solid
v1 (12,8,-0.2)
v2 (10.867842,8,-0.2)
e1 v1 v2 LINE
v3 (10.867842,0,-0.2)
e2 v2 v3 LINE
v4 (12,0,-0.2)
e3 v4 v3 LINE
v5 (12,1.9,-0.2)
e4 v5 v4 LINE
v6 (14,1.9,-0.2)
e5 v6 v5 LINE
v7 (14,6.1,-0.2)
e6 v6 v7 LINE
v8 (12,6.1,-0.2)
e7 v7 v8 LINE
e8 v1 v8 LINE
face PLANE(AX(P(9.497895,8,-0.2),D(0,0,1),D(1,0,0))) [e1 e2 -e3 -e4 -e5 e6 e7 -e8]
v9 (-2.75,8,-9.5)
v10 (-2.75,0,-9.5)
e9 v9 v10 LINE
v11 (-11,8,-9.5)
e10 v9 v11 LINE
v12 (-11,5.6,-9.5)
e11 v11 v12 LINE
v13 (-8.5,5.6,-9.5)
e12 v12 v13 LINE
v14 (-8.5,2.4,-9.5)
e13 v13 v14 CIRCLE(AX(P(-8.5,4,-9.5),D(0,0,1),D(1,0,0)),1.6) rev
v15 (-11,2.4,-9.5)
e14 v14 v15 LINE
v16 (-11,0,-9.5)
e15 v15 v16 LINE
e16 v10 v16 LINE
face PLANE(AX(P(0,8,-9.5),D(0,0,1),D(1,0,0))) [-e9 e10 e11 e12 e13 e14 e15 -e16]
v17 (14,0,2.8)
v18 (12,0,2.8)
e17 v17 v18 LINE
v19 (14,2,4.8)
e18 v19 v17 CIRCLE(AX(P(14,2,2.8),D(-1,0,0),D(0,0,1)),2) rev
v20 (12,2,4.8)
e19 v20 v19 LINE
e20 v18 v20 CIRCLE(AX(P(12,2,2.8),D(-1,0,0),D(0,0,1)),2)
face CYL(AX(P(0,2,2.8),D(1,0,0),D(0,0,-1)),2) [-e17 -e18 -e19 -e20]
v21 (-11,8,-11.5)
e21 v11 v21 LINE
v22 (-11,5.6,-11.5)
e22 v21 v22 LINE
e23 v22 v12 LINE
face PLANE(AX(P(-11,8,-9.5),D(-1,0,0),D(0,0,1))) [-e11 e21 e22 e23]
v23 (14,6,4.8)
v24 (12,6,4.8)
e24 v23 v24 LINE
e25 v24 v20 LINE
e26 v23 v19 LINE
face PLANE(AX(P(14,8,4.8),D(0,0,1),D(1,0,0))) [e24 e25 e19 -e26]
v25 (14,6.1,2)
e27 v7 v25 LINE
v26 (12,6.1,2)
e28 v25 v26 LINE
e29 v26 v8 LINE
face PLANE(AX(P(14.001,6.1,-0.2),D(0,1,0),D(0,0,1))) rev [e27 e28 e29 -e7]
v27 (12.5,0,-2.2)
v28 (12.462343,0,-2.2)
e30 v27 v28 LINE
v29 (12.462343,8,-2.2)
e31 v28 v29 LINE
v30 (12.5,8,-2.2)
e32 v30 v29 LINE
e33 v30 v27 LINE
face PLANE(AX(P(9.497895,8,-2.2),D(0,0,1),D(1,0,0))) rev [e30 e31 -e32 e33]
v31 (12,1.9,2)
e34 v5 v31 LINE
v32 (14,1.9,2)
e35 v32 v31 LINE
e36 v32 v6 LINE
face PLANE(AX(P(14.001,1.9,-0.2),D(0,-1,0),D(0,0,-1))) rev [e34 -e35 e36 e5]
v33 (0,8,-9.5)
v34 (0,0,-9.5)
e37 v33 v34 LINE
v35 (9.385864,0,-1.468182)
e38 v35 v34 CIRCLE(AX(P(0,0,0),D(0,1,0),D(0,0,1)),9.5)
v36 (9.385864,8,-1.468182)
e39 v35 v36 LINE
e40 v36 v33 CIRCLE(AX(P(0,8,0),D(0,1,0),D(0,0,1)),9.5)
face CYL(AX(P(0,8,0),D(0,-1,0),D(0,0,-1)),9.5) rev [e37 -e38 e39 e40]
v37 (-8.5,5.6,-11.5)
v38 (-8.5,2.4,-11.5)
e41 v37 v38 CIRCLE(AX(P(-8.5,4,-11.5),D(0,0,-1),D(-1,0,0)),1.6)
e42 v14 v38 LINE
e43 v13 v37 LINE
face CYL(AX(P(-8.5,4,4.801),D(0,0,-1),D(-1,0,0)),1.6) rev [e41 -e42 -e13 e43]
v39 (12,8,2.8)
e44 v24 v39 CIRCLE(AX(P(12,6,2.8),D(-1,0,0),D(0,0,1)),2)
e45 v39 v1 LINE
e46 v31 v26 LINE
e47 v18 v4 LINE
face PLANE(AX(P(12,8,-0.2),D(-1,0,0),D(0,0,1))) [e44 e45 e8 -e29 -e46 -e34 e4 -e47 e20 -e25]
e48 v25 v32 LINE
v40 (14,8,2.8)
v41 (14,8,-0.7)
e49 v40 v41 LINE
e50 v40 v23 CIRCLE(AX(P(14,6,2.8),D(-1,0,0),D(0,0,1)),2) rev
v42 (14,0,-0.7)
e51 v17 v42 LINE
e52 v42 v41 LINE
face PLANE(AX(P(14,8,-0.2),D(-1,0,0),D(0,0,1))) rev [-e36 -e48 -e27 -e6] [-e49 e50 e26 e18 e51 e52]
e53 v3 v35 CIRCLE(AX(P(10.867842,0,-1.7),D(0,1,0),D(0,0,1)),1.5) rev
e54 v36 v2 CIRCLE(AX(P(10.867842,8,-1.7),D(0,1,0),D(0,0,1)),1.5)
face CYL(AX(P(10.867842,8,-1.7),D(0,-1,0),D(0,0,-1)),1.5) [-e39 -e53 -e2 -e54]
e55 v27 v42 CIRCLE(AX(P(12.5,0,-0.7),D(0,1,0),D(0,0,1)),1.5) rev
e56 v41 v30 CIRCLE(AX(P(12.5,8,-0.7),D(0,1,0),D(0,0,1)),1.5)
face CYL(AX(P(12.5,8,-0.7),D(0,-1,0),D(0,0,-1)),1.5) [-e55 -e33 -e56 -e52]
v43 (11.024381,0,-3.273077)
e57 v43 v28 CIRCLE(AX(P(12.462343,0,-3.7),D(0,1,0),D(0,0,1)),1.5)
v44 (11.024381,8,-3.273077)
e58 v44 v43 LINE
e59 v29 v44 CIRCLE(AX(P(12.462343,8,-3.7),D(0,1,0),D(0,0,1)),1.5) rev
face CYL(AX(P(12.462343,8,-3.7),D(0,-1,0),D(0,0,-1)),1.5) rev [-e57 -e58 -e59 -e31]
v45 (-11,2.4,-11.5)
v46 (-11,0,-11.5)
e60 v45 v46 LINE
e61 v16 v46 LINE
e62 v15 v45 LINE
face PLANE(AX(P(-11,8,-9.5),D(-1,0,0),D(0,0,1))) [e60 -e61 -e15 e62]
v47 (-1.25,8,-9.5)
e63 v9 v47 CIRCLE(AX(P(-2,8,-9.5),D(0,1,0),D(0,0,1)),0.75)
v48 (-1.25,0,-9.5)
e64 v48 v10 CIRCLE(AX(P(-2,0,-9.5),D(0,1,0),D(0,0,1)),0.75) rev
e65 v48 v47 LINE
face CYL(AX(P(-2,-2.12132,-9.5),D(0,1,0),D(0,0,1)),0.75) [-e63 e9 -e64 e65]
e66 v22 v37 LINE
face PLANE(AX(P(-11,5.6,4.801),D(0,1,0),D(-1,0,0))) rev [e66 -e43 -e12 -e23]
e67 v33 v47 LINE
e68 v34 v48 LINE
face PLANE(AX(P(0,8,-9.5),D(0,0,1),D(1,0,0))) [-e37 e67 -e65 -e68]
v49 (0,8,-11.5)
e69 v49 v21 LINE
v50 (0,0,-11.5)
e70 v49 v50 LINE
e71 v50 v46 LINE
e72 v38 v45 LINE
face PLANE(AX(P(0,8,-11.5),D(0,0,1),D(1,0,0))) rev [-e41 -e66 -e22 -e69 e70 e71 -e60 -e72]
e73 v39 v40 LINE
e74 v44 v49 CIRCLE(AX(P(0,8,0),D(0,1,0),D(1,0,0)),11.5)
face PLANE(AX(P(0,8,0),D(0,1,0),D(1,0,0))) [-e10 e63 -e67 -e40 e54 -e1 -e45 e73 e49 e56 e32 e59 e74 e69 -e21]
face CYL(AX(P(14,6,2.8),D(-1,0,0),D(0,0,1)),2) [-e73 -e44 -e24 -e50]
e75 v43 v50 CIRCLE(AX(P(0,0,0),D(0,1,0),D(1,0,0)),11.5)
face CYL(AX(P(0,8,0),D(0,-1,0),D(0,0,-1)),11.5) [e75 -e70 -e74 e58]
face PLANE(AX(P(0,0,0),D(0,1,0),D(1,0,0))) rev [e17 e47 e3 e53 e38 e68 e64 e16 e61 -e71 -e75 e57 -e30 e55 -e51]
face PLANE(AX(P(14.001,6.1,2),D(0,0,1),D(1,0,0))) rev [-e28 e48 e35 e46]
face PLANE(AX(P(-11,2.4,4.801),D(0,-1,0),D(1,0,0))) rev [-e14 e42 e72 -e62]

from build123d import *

# Parameters (mm, degrees)
EXTRUDE_1_DEPTH     = 8
CUT_EXTRUDE_1_REACH = 28.93
SKETCH_3_W          = 2.2
SKETCH_3_H          = 4.2
CUT_EXTRUDE_2_REACH = 24.928
FILLET_1_R          = 1.5
FILLET_2_R          = 2
SKETCH_5_R          = 0.75
EXTRUDE_1_2_DEPTH   = 8


with BuildPart() as part:
    # 草图1 → Extrude 1 (new body)
    with BuildSketch(Plane(origin=(0, 0, 0), x_dir=(1, 0, 0), z_dir=(0, 1, 0))):
        with BuildLine():
            Line((-11, 9.5), (0, 9.5))
            ThreePointArc((0, 9.5), (6.646427612, 6.787856805), (9.497894504, 0.2))
            Line((9.497894504, 0.2), (12, 0.2))
            Line((12, 0.2), (12, -4.8))
            Line((12, -4.8), (14, -4.8))
            Line((14, -4.8), (14, 2.2))
            Line((14, 2.2), (11.28760382, 2.2))
            ThreePointArc((11.28760382, 2.2), (7.312660255, 8.875528153), (0, 11.5))
            Line((0, 11.5), (-11, 11.5))
            Line((-11, 11.5), (-11, 9.5))
        make_face()
    extrude(amount=EXTRUDE_1_DEPTH)

    # 草图3 → 切除-拉伸1 (cut, up to next)
    with BuildSketch(Plane.ZY.offset(-12), mode=Mode.PRIVATE) as cut_extrude_1_sk1:
        with Locations((0.9, 4)):
            Rectangle(SKETCH_3_W, SKETCH_3_H)
    cut_extrude_1_tool1 = extrude(cut_extrude_1_sk1.sketch, amount=-CUT_EXTRUDE_1_REACH, mode=Mode.PRIVATE) & part.part
    add(cut_extrude_1_tool1.solids().sort_by_distance((12, 4, 0.9))[0], mode=Mode.SUBTRACT)

    # 草图4 → 切除-拉伸2 (cut, up to next)
    with BuildSketch(Plane(origin=(0, 0, -11.5), x_dir=(-1, 0, 0), z_dir=(0, 0, -1)), mode=Mode.PRIVATE) as cut_extrude_2_sk1:
        with BuildLine():
            Line((11, 2.4), (8.5, 2.4))
            ThreePointArc((8.5, 2.4), (6.9, 4), (8.5, 5.6))
            Line((8.5, 5.6), (11, 5.6))
            ThreePointArc((11, 5.6), (12.6, 4), (11, 2.4))
        make_face()
    cut_extrude_2_tool1 = extrude(cut_extrude_2_sk1.sketch, amount=-CUT_EXTRUDE_2_REACH, mode=Mode.PRIVATE) & part.part
    add(cut_extrude_2_tool1.solids().sort_by_distance((-9.75, 4, -11.5))[0], mode=Mode.SUBTRACT)

    # 圆角1
    fillet_1_edges = [part.edges().sort_by_distance(p)[0] for p in [
        (11.28760382, 4, -2.2),
        (14, 4, -2.2),
        (9.497894504, 4, -0.2),
    ]]
    fillet(fillet_1_edges, radius=FILLET_1_R)

    # 圆角2
    fillet_2_edges = [part.edges().sort_by_distance(p)[0] for p in [
        (13, 8, 4.8),
        (13, 0, 4.8),
    ]]
    fillet(fillet_2_edges, radius=FILLET_2_R)

    # 草图5 → Extrude 1 2 (add)
    with BuildSketch(Plane(origin=(0, 8, 0), x_dir=(1, 0, 0), z_dir=(0, 1, 0))):
        with Locations((-2, 9.5)):
            Circle(SKETCH_5_R)
    extrude(amount=-EXTRUDE_1_2_DEPTH)


solid = part.part
